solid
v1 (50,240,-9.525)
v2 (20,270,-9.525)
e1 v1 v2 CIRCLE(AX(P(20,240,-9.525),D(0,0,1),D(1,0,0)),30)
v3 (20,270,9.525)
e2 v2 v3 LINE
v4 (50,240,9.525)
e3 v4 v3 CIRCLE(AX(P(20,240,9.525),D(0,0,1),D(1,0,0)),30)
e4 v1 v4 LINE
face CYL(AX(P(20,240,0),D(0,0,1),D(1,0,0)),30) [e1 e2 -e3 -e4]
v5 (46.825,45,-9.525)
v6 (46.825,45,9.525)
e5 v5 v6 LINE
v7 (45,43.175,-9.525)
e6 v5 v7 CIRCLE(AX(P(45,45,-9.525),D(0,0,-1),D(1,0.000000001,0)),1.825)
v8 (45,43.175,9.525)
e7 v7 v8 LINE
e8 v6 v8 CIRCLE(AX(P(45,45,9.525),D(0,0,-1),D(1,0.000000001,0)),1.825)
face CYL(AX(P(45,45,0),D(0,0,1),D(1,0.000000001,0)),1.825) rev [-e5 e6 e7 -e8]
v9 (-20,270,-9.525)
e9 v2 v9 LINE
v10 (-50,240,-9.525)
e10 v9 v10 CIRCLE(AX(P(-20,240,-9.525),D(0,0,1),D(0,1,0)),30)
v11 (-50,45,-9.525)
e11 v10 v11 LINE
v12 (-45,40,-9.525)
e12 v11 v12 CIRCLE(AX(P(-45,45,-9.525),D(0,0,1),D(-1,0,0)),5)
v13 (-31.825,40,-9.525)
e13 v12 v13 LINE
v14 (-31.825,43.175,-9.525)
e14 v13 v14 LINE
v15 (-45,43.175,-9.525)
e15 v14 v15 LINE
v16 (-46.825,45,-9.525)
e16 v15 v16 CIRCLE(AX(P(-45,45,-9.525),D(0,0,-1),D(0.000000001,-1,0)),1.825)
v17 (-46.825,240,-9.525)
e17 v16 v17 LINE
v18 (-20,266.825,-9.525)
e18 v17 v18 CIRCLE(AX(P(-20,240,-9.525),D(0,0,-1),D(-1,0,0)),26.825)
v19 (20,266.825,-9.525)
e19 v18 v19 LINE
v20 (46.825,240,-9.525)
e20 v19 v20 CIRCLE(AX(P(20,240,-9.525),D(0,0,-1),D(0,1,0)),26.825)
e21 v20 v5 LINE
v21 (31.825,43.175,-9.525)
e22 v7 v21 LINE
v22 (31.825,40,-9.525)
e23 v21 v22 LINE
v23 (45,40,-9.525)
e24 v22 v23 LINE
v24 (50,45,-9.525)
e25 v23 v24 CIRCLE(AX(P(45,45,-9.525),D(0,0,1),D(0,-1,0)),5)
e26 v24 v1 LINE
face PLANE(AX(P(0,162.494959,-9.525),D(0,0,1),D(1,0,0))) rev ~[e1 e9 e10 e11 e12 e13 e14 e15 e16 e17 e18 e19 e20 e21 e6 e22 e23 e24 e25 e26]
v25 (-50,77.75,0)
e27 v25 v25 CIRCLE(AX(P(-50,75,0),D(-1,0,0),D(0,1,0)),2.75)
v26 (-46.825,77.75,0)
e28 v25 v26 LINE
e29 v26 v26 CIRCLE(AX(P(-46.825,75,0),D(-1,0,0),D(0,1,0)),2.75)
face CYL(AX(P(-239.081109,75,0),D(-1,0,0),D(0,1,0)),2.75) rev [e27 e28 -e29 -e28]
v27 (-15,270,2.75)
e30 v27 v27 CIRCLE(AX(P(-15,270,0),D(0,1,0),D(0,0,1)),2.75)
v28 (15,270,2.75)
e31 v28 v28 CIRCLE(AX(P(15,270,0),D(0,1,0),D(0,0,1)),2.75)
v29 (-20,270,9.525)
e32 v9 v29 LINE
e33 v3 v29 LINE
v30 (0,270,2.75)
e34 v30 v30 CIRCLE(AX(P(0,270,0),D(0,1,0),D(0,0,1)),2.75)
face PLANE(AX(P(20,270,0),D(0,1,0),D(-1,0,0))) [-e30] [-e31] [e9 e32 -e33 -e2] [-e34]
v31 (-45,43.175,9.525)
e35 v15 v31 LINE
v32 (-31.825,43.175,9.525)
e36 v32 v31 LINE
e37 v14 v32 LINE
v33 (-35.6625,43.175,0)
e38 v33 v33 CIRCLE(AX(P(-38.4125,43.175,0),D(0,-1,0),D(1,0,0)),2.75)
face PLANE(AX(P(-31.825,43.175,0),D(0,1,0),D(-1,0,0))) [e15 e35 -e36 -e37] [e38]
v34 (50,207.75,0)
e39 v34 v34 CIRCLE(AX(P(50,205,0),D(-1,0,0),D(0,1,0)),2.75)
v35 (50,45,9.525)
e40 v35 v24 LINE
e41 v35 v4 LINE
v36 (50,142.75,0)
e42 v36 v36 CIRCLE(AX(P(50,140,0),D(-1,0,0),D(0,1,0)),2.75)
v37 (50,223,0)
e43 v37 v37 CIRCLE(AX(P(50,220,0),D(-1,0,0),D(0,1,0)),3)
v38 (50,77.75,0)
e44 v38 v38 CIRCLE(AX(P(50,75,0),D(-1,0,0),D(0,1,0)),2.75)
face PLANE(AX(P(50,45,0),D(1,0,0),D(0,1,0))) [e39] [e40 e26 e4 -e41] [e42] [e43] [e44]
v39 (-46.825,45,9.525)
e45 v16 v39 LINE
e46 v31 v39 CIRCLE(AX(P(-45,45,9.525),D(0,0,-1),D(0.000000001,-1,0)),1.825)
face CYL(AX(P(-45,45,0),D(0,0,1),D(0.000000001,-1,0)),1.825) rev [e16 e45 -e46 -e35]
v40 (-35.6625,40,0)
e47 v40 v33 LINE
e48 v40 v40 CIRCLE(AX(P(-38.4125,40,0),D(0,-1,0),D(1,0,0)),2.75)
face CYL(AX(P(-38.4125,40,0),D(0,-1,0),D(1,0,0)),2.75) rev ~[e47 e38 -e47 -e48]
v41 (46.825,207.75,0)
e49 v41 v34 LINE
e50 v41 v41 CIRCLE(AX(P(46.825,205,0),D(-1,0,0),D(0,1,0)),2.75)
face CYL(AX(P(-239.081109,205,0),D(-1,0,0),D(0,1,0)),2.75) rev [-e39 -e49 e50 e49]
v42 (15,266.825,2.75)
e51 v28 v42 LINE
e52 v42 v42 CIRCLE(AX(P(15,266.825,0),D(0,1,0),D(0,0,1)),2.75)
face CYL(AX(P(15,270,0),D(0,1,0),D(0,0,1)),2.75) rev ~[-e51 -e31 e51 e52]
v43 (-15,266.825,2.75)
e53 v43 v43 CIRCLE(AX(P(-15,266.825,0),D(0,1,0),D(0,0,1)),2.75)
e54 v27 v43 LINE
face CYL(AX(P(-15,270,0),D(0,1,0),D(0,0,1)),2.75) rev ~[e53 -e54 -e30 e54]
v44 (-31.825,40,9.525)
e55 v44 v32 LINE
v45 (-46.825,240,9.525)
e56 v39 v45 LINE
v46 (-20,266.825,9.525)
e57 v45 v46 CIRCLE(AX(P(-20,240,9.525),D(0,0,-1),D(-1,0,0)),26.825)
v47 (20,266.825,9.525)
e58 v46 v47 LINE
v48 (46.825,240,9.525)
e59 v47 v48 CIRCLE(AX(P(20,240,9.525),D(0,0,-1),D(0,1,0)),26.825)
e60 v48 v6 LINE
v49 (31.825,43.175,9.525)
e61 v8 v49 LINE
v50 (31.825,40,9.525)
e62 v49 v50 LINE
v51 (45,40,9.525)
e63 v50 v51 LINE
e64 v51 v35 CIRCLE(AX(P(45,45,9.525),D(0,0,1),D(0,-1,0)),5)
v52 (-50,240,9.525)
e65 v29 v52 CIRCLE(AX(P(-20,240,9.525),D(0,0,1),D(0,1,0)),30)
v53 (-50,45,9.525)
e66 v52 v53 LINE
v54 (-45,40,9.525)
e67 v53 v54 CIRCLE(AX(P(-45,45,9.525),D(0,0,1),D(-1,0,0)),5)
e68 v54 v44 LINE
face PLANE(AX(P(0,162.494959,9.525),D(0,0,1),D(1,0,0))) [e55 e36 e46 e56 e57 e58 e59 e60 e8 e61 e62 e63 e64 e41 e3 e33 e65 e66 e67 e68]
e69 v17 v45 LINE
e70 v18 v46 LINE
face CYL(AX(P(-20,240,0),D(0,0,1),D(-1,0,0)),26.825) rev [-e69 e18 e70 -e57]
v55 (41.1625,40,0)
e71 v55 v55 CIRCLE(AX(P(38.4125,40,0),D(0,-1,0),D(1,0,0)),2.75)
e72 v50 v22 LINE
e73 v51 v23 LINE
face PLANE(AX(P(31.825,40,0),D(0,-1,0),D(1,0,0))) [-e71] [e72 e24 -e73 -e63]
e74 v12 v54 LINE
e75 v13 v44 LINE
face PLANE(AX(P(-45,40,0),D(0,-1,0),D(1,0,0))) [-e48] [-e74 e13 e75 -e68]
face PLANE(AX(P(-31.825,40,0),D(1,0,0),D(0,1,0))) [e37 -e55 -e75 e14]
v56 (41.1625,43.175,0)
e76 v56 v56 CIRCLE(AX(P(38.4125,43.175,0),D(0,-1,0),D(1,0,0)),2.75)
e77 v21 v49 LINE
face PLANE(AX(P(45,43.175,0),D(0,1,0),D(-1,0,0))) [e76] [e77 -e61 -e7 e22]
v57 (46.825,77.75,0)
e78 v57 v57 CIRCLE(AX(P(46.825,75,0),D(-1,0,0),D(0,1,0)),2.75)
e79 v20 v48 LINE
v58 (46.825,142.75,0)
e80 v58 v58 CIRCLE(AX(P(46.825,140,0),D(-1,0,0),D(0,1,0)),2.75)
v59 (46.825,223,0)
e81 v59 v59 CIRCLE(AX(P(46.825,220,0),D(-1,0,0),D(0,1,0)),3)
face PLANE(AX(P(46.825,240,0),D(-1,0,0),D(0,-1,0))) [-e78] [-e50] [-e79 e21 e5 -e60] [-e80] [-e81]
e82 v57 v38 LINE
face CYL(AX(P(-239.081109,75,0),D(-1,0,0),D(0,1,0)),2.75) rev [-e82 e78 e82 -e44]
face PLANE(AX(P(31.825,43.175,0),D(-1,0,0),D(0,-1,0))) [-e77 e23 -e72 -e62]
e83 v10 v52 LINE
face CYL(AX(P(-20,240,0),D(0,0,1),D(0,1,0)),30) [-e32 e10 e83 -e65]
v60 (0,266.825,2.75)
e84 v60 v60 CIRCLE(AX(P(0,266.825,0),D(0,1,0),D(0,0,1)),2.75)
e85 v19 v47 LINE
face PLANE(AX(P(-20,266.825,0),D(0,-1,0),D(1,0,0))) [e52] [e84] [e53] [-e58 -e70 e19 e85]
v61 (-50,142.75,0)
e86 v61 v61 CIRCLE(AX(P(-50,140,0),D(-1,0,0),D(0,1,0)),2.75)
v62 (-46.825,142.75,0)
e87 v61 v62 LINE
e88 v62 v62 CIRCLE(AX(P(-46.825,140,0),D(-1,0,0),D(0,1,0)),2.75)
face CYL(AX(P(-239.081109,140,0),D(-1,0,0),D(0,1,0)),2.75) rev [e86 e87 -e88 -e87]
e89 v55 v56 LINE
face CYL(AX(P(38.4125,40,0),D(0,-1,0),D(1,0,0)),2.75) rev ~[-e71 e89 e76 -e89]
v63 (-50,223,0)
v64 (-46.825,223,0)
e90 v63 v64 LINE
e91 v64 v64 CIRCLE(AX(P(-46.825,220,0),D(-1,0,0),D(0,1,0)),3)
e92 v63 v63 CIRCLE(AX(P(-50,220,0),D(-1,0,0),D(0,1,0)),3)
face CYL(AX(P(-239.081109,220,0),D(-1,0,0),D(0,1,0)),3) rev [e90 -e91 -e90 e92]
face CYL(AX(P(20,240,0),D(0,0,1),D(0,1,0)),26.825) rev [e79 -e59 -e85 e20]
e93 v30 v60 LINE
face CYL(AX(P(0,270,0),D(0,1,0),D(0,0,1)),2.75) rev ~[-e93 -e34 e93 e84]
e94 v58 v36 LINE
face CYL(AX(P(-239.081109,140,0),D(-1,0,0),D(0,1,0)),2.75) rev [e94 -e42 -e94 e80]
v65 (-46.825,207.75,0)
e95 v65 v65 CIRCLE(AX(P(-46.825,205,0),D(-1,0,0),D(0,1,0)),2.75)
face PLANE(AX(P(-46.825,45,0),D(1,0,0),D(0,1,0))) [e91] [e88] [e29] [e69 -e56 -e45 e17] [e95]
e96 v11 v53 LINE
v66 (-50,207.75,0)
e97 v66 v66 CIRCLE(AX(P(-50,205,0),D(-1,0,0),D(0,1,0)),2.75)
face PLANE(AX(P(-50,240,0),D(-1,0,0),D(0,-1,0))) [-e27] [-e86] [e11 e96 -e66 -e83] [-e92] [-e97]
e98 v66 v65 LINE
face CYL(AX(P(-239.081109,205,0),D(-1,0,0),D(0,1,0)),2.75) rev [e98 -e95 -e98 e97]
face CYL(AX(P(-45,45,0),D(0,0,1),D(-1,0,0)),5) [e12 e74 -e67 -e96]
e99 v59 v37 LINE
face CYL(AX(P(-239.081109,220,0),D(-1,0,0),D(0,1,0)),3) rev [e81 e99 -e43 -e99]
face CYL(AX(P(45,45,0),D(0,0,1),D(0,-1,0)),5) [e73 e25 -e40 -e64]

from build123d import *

# Parameters (mm, degrees)
BOSS_EXTRUDE1_DEPTH     = 9.525
SKETCH12_R              = 2.75
CUT_EXTRUDE2_DEPTH      = 236.564695201
CUT_EXTRUDE3_DEPTH      = 289.081109455
CUT_EXTRUDE3_DEPTH_BACK = 289.081109455
SKETCH13_R              = 2.75
CUT_EXTRUDE6_REACH      = 237.565
SKETCH16_R              = 2.75
CUT_EXTRUDE7_DEPTH      = 289.081109455
CUT_EXTRUDE7_DEPTH_BACK = 289.081109455
SKETCH17_R              = 3


with BuildPart() as part:
    # Sketch1 → Boss-Extrude1 (new, symmetric)
    with BuildSketch(Plane.XY):
        with BuildLine():
            Line((50, 45), (50, 240))
            ThreePointArc((50, 240), (41.213203436, 261.213203436), (20, 270))
            Line((20, 270), (-20, 270))
            ThreePointArc((-20, 270), (-41.213203436, 261.213203436), (-50, 240))
            Line((-50, 240), (-50, 45))
            ThreePointArc((-50, 45), (-48.535533906, 41.464466094), (-45, 40))
            Line((-45, 40), (-31.825, 40))
            Line((-31.825, 40), (-31.825, 43.175))
            Line((-31.825, 43.175), (-45, 43.175))
            ThreePointArc((-45, 43.175), (-46.290469876, 43.709530124), (-46.825, 45))
            Line((-46.825, 45), (-46.825, 240))
            ThreePointArc((-46.825, 240), (-38.968139405, 258.968139405), (-20, 266.825))
            Line((-20, 266.825), (20, 266.825))
            ThreePointArc((20, 266.825), (38.968139405, 258.968139405), (46.825, 240))
            Line((46.825, 240), (46.825, 45))
            ThreePointArc((46.825, 45), (46.290469876, 43.709530124), (45, 43.175))
            Line((45, 43.175), (31.825, 43.175))
            Line((31.825, 43.175), (31.825, 40))
            Line((31.825, 40), (45, 40))
            ThreePointArc((45, 40), (48.535533906, 41.464466094), (50, 45))
        make_face()
    extrude(amount=BOSS_EXTRUDE1_DEPTH, both=True)

    # Sketch12 → Cut-Extrude2 (cut, through all)
    with BuildSketch(Plane(origin=(0, 270, 0), x_dir=(1, 0, 0), z_dir=(0, 1, 0))):
        with Locations(Location((0, 0, 0), (0, 0, 270))):
            Circle(SKETCH12_R)
        with Locations(Location((-15, 0, 0), (0, 0, 270))):
            Circle(SKETCH12_R)
        with Locations(Location((15, 0, 0), (0, 0, 270))):
            Circle(SKETCH12_R)
    extrude(amount=-CUT_EXTRUDE2_DEPTH, mode=Mode.SUBTRACT)

    # Sketch13 → Cut-Extrude3 (cut, two sides: drawn at the far end of the back side and taken through both)
    with BuildSketch(Plane(origin=(50, 0, 0), x_dir=(0, 0, -1), z_dir=(1, 0, 0)).offset(-CUT_EXTRUDE3_DEPTH_BACK)):
        with Locations(Location((0, 205, 0), (0, 0, 90))):
            Circle(SKETCH13_R)
        with Locations(Location((0, 140, 0), (0, 0, 90))):
            Circle(SKETCH13_R)
        with Locations(Location((0, 75, 0), (0, 0, 90))):
            Circle(SKETCH13_R)
    extrude(amount=CUT_EXTRUDE3_DEPTH + CUT_EXTRUDE3_DEPTH_BACK, mode=Mode.SUBTRACT)

    # Sketch16 → Cut-Extrude6 (cut, up to next)
    with BuildSketch(Plane(origin=(0, 40, 0), x_dir=(-1, 0, 0), z_dir=(0, -1, 0)), mode=Mode.PRIVATE) as cut_extrude6_sk1:
        with Locations(Location((38.4125, 0, 0), (0, 0, 180))):
            Circle(SKETCH16_R)
    cut_extrude6_tool1 = extrude(cut_extrude6_sk1.sketch, amount=-CUT_EXTRUDE6_REACH, mode=Mode.PRIVATE) & part.part
    # Sketch16 → Cut-Extrude6 (cut, up to next)
    with BuildSketch(Plane(origin=(0, 40, 0), x_dir=(-1, 0, 0), z_dir=(0, -1, 0)), mode=Mode.PRIVATE) as cut_extrude6_sk2:
        with Locations(Location((-38.4125, 0, 0), (0, 0, 180))):
            Circle(SKETCH16_R)
    cut_extrude6_tool2 = extrude(cut_extrude6_sk2.sketch, amount=-CUT_EXTRUDE6_REACH, mode=Mode.PRIVATE) & part.part
    add(cut_extrude6_tool1.solids().sort_by_distance((-38.4125, 40, 0))[0], mode=Mode.SUBTRACT)
    add(cut_extrude6_tool2.solids().sort_by_distance((38.4125, 40, 0))[0], mode=Mode.SUBTRACT)

    # Sketch17 → Cut-Extrude7 (cut, two sides: drawn at the far end of the back side and taken through both)
    with BuildSketch(Plane(origin=(50, 0, 0), x_dir=(0, 0, -1), z_dir=(1, 0, 0)).offset(-CUT_EXTRUDE7_DEPTH_BACK)):
        with Locations(Location((0, 220, 0), (0, 0, 90))):
            Circle(SKETCH17_R)
    extrude(amount=CUT_EXTRUDE7_DEPTH + CUT_EXTRUDE7_DEPTH_BACK, mode=Mode.SUBTRACT)


solid = part.part
